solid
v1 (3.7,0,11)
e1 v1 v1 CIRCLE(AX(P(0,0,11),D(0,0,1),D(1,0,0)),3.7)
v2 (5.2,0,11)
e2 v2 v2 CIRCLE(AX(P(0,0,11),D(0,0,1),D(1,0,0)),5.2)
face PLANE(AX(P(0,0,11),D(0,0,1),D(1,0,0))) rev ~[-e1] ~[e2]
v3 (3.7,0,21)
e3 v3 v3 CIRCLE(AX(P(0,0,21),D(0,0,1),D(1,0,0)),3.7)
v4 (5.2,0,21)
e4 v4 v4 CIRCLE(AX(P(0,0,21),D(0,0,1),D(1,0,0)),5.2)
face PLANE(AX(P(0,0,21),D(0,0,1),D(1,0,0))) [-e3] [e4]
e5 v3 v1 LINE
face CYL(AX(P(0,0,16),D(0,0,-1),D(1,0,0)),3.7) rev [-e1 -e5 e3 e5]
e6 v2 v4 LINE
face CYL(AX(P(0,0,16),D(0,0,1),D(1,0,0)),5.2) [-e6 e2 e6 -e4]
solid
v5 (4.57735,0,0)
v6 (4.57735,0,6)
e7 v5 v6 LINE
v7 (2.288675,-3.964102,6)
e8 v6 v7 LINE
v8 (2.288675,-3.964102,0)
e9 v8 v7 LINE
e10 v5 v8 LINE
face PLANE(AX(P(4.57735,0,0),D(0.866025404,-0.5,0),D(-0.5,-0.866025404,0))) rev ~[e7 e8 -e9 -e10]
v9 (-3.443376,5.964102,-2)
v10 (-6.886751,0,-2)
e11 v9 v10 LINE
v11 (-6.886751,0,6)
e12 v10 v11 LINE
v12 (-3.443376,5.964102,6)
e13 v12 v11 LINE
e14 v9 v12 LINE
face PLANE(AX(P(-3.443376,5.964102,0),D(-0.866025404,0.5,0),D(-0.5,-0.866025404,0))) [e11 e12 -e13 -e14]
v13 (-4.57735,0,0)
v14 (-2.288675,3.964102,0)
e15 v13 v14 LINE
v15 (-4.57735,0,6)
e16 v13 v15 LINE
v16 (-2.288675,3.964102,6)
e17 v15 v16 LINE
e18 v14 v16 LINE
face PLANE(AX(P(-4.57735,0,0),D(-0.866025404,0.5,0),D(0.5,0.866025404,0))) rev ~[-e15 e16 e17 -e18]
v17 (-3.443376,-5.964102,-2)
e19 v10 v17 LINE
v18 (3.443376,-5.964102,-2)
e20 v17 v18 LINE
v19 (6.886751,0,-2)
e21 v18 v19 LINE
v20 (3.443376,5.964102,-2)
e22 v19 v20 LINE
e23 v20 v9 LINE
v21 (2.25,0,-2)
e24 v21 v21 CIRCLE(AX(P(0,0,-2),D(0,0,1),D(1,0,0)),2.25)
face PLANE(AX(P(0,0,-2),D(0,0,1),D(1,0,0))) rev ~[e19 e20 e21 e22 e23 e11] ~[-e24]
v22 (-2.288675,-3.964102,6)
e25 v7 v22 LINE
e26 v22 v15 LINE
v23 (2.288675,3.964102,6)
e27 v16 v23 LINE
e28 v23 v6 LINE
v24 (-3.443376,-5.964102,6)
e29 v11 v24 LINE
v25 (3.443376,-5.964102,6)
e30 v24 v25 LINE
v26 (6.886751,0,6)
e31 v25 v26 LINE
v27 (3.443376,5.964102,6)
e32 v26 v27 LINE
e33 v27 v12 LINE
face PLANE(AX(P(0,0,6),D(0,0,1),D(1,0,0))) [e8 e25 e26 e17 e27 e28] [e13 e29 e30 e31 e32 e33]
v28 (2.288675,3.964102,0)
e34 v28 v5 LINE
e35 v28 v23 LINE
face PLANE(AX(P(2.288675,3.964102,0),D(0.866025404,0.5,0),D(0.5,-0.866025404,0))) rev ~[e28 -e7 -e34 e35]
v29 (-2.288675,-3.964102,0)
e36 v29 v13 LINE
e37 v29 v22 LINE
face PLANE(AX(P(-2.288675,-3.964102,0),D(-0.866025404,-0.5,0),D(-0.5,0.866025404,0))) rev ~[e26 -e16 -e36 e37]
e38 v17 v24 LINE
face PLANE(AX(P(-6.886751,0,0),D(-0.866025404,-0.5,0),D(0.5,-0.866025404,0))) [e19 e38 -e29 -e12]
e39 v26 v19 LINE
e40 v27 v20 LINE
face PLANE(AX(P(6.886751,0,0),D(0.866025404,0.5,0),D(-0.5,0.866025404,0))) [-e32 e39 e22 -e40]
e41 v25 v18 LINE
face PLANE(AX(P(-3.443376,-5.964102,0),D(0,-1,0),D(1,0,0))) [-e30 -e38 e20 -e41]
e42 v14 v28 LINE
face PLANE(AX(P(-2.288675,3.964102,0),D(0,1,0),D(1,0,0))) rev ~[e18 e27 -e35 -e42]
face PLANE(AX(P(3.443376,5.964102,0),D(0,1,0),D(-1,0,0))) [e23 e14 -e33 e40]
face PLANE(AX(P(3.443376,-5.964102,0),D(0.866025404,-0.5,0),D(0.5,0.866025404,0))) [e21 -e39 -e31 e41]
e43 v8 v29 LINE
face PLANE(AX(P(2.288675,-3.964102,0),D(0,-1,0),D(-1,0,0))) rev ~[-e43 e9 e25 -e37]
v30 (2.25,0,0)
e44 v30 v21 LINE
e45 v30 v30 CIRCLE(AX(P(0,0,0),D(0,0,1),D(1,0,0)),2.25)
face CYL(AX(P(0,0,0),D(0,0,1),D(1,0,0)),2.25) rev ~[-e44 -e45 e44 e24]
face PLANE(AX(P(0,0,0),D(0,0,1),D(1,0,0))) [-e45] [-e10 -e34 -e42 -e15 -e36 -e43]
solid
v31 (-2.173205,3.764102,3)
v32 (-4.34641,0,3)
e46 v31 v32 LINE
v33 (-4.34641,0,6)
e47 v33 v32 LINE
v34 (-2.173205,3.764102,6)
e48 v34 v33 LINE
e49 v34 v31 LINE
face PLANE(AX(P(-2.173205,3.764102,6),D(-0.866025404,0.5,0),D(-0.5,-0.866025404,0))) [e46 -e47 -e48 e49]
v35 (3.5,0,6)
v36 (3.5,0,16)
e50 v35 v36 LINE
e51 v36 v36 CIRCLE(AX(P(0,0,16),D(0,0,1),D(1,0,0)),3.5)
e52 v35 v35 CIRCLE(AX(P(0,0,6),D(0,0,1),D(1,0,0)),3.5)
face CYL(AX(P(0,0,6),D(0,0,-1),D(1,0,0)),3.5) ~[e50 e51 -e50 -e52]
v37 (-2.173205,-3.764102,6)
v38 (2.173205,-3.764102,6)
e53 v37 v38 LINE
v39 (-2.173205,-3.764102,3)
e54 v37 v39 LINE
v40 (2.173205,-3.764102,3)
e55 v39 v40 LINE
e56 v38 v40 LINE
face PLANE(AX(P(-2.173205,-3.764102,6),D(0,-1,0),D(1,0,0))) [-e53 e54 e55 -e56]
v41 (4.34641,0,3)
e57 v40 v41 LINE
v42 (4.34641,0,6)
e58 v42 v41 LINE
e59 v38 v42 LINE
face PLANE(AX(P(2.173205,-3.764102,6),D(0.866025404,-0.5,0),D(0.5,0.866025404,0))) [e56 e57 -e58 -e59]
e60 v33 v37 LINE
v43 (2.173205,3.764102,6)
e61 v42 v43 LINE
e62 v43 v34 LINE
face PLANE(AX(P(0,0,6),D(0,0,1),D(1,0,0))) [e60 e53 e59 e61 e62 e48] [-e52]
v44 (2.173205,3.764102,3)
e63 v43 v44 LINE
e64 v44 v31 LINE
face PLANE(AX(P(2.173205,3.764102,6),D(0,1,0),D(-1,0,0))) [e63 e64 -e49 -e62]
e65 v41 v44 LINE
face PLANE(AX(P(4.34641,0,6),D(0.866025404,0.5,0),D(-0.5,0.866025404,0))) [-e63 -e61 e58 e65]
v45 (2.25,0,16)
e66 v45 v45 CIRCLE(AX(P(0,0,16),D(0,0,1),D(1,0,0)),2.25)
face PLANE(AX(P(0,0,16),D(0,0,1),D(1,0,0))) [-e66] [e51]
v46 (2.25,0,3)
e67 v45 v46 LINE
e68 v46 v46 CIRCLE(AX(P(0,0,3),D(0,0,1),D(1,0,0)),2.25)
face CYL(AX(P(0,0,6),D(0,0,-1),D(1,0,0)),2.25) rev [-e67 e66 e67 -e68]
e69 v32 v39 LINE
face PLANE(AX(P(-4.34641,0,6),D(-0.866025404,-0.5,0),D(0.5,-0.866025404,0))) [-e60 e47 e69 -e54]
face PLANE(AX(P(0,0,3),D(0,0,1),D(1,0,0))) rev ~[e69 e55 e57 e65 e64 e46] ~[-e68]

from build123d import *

# Parameters (mm, degrees)
F1_DEPTH = 6
F0_R     = 2.25
F2_DEPTH = 2
F3_R     = 3.5
F3_R_2   = 2.25
F4_DEPTH = 3
F5_DEPTH = 10
F6_R     = 5.2
F6_R_2   = 3.7
F7_DEPTH = 5


with BuildPart() as f1:
    # F0 (on Top) → F1 (new body)
    with BuildSketch(Plane.XY):
        Polygon((3.443375673, 5.9641016151), (-3.443375673, 5.9641016151), (-6.8867513459, 0), (-3.443375673, -5.9641016151), (3.443375673, -5.9641016151), (6.8867513459, 0), align=None)
        Polygon((-2.2886751346, -3.9641016151), (-4.5773502692, 0), (-2.2886751346, 3.9641016151), (2.2886751346, 3.9641016151), (4.5773502692, 0), (2.2886751346, -3.9641016151), align=None, mode=Mode.SUBTRACT)
    extrude(amount=F1_DEPTH)

    # F0 (on Top) → F2 (join)
    with BuildSketch(Plane.XY):
        Polygon((3.443375673, 5.9641016151), (-3.443375673, 5.9641016151), (-6.8867513459, 0), (-3.443375673, -5.9641016151), (3.443375673, -5.9641016151), (6.8867513459, 0), align=None)
        Polygon((-2.2886751346, -3.9641016151), (-4.5773502692, 0), (-2.2886751346, 3.9641016151), (2.2886751346, 3.9641016151), (4.5773502692, 0), (2.2886751346, -3.9641016151), align=None, mode=Mode.SUBTRACT)
        Polygon((-2.2886751346, 3.9641016151), (-4.5773502692, 0), (-2.2886751346, -3.9641016151), (2.2886751346, -3.9641016151), (4.5773502692, 0), (2.2886751346, 3.9641016151), align=None)
        Polygon((2, 3.4641016151), (4, 0), (2, -3.4641016151), (-2, -3.4641016151), (-4, 0), (-2, 3.4641016151), align=None, mode=Mode.SUBTRACT)
        Polygon((2, -3.4641016151), (4, 0), (2, 3.4641016151), (-2, 3.4641016151), (-4, 0), (-2, -3.4641016151), align=None)
        Circle(F0_R, mode=Mode.SUBTRACT)
    extrude(amount=-F2_DEPTH)


with BuildPart() as f4:
    # F3 (on face) → F4 (new body)
    with BuildSketch(Plane.XY.offset(6)):
        Polygon((-2.1732050808, 3.7641016151), (-4.3464101615, 0), (-2.1732050808, -3.7641016151), (2.1732050808, -3.7641016151), (4.3464101615, 0), (2.1732050808, 3.7641016151), align=None)
        Circle(F3_R, mode=Mode.SUBTRACT)
        Circle(F3_R)
        Circle(F3_R_2, mode=Mode.SUBTRACT)
    extrude(amount=-F4_DEPTH)

    # F3 (on face) → F5 (join)
    with BuildSketch(Plane.XY.offset(6)):
        Circle(F3_R)
        Circle(F3_R_2, mode=Mode.SUBTRACT)
    extrude(amount=F5_DEPTH)


with BuildPart() as f7:
    # F6 (on face) → F7 (new body, symmetric)
    with BuildSketch(Plane.XY.offset(16)):
        Circle(F6_R)
        Circle(F6_R_2, mode=Mode.SUBTRACT)
    extrude(amount=F7_DEPTH, both=True)


solid = Compound([f1.part, f4.part, f7.part])
